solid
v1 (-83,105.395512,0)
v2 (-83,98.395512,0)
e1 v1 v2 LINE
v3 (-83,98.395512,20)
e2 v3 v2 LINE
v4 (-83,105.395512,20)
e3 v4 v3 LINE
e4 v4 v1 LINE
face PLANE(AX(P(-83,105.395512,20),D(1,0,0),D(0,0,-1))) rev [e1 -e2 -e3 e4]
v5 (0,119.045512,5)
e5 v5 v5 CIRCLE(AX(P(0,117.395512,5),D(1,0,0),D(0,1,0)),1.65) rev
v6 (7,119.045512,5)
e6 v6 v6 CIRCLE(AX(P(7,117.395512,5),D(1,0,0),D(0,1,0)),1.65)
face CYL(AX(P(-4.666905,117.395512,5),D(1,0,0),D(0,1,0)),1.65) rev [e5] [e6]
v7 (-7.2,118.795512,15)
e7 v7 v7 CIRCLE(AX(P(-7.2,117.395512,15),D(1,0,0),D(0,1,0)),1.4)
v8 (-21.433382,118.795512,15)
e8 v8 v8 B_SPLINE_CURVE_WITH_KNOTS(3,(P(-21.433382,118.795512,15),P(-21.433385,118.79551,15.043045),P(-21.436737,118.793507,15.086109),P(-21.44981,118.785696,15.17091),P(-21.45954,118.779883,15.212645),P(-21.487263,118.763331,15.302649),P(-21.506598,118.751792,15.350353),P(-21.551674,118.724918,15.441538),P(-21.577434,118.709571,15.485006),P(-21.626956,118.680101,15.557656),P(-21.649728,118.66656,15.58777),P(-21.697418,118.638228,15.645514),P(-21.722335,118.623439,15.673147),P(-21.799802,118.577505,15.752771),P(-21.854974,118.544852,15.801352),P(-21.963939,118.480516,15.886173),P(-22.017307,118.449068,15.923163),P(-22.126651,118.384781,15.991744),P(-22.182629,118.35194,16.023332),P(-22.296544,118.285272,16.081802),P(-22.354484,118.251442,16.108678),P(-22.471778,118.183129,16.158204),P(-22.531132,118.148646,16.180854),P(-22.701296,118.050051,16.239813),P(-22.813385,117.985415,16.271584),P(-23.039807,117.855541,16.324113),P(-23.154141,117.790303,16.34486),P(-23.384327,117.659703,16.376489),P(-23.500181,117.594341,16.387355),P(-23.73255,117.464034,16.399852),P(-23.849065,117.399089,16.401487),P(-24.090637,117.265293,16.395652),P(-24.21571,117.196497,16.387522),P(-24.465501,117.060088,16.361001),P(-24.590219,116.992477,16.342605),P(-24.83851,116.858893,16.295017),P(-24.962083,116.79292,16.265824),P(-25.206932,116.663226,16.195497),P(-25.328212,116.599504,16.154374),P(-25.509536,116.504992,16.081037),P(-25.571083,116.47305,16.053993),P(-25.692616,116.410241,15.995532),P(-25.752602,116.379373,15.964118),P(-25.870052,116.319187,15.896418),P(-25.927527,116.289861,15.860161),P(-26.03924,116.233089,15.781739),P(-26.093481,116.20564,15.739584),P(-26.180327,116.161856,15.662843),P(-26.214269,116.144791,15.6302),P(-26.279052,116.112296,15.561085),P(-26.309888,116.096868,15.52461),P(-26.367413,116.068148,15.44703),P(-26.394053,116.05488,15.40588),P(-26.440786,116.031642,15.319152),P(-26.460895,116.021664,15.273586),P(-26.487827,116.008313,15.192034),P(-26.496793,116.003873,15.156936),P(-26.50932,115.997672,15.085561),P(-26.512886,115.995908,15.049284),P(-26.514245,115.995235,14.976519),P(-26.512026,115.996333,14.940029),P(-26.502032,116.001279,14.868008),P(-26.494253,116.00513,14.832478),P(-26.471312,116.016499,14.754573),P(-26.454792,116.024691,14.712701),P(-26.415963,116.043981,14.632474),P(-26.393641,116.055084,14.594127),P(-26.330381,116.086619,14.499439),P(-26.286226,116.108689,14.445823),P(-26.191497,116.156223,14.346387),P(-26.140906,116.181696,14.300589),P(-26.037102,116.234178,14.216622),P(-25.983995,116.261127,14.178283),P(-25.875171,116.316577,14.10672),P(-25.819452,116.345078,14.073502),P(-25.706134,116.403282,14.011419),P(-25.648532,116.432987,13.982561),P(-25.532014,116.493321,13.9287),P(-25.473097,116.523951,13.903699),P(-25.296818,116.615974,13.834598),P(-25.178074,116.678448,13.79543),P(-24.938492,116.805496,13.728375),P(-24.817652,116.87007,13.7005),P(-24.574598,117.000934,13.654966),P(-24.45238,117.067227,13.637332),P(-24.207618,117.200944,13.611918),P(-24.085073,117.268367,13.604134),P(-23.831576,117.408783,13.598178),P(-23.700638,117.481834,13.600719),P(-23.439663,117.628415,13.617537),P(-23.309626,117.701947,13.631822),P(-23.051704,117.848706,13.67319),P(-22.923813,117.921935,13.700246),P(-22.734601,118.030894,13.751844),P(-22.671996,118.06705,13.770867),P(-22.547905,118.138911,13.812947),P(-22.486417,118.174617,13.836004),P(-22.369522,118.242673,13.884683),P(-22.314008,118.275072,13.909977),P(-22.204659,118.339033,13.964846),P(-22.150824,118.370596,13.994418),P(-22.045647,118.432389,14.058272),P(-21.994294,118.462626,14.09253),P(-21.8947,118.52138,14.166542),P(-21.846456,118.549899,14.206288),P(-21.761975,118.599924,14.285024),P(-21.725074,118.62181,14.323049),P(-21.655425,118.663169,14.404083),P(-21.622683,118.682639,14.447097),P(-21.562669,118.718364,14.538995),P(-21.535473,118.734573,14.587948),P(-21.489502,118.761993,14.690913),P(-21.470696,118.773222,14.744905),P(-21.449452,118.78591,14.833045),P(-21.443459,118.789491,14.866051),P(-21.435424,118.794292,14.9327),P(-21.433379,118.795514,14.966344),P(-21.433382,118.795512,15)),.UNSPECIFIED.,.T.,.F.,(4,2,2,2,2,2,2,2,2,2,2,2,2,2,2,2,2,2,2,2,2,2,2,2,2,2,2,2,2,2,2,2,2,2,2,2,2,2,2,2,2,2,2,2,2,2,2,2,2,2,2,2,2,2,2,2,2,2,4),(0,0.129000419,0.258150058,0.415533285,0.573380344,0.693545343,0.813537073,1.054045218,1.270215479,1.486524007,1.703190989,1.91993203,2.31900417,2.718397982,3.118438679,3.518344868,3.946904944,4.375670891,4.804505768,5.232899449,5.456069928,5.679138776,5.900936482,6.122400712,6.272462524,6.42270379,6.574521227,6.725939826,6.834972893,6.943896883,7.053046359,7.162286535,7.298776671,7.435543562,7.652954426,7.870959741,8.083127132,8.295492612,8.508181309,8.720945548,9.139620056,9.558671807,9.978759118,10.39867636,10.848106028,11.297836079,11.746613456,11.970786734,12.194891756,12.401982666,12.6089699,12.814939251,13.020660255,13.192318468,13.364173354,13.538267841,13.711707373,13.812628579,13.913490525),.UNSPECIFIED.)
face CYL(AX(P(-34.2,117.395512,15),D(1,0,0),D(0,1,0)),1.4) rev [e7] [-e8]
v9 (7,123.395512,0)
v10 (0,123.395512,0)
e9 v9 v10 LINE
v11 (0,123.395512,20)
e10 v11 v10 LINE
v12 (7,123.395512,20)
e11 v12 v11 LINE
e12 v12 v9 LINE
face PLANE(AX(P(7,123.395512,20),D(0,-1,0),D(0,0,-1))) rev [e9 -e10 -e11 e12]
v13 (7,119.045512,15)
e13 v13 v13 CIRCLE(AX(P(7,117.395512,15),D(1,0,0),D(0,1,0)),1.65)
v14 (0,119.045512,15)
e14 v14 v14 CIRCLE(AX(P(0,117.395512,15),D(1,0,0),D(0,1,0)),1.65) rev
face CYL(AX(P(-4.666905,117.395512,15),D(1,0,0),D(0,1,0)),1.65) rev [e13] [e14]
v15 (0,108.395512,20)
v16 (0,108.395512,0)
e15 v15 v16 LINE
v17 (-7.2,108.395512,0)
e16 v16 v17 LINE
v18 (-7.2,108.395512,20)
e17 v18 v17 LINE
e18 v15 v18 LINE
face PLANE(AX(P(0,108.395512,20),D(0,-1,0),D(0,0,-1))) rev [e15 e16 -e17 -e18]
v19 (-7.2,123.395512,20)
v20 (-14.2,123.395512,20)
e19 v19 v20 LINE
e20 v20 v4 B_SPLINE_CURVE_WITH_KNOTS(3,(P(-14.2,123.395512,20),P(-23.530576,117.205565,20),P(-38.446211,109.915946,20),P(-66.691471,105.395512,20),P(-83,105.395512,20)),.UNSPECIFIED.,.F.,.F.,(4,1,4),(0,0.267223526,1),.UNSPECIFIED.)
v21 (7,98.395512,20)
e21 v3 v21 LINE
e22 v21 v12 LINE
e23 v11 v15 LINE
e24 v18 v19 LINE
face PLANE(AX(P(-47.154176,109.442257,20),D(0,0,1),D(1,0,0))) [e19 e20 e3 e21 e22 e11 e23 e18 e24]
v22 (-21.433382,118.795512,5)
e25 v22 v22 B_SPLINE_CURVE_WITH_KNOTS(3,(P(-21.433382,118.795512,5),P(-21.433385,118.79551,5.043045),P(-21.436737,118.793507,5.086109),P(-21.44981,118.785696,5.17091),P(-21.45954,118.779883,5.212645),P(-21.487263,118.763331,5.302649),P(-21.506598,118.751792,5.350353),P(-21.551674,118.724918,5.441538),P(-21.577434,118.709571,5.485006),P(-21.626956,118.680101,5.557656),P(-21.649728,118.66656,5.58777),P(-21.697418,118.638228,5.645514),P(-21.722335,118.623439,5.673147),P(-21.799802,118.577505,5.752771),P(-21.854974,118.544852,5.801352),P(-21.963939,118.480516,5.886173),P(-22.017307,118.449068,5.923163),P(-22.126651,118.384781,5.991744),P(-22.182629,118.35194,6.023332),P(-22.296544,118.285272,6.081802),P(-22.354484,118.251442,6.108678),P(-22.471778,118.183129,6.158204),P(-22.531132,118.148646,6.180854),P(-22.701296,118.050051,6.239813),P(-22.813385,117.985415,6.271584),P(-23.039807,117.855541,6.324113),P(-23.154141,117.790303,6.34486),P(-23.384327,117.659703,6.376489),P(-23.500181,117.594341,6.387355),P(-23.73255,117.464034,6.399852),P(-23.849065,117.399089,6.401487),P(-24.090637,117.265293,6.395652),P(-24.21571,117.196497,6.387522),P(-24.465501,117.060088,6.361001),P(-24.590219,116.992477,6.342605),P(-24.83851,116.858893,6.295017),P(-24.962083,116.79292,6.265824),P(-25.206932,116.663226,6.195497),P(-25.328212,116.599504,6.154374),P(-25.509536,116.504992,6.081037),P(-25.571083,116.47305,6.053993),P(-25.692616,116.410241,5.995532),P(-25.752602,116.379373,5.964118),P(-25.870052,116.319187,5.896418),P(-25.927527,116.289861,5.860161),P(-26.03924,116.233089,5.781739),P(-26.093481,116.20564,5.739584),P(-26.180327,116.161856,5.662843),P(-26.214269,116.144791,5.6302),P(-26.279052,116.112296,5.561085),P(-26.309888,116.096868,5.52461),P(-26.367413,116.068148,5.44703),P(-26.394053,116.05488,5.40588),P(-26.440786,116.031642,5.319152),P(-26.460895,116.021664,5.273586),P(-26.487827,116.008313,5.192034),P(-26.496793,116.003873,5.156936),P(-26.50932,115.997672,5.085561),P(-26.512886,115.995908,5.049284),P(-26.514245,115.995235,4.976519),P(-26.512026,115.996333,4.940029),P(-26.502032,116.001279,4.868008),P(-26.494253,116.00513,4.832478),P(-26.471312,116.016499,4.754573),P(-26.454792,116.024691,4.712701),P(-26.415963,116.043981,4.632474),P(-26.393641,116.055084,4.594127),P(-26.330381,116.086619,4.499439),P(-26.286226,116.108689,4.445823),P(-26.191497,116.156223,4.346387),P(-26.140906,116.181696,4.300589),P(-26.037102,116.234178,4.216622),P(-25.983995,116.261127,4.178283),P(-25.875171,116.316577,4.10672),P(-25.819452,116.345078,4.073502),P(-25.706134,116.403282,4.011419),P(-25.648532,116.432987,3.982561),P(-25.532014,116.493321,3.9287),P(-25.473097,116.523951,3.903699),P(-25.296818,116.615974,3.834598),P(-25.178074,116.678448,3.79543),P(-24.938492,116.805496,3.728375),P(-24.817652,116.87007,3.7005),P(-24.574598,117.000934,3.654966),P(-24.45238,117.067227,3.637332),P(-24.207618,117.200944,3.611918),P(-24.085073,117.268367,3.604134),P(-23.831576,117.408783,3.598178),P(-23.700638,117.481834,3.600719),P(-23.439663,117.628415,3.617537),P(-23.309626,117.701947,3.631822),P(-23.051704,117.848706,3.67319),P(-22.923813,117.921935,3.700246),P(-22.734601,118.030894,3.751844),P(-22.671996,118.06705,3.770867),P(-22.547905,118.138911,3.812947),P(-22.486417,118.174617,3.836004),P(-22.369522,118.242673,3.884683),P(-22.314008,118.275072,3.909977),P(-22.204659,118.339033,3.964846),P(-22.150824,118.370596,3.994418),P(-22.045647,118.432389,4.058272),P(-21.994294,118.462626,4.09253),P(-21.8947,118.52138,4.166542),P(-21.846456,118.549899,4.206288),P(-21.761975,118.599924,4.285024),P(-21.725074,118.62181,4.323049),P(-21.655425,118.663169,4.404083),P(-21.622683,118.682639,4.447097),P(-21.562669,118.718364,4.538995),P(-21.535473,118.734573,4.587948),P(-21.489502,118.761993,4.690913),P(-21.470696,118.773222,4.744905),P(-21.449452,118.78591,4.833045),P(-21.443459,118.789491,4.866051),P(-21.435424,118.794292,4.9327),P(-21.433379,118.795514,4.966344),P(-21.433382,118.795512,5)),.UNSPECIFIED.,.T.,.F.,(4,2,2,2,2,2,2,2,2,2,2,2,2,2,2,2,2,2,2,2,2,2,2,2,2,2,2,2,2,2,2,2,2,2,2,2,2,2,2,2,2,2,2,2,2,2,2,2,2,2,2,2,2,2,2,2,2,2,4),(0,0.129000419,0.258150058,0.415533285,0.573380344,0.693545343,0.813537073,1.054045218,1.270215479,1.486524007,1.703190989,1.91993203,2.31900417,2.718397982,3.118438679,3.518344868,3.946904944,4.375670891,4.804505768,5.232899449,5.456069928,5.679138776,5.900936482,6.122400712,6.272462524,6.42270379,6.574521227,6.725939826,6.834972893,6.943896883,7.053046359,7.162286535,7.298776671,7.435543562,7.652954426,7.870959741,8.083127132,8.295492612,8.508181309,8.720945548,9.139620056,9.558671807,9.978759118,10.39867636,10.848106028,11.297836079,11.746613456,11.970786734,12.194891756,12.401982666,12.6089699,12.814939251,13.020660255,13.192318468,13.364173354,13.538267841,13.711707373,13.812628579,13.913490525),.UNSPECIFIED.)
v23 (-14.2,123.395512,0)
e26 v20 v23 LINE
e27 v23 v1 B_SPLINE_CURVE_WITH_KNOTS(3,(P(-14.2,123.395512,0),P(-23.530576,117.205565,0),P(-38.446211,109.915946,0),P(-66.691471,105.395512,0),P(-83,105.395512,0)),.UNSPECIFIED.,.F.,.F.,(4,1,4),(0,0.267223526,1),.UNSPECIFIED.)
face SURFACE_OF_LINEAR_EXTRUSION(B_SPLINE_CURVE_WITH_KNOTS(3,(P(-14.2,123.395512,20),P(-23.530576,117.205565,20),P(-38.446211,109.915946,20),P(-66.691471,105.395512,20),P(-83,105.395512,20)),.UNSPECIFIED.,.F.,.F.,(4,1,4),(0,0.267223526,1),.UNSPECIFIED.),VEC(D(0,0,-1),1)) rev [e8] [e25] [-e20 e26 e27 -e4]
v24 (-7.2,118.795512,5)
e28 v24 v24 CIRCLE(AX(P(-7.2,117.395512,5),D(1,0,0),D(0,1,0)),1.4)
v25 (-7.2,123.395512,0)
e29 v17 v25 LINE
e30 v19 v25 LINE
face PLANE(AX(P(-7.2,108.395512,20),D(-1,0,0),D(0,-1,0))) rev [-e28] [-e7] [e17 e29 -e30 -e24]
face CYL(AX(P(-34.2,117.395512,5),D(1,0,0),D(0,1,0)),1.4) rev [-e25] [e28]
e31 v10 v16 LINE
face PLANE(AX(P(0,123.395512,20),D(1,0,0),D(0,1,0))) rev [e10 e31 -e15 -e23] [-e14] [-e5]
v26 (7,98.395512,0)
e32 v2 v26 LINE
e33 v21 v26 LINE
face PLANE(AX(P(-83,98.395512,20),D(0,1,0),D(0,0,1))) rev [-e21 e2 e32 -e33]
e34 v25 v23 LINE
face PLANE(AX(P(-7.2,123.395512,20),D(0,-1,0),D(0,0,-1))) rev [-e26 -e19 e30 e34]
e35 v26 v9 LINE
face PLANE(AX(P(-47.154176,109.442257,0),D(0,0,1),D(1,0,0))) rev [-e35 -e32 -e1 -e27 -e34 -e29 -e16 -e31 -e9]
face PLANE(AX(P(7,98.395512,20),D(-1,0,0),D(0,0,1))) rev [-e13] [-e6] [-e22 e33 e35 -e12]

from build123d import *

# Parameters (mm, degrees)
BOSS_EXTRUDE1_DEPTH = 20
SKETCH2_R           = 1.65
CUT_EXTRUDE1_DEPTH  = 7
SKETCH3_R           = 1.4
CUT_EXTRUDE2_DEPTH  = 27


with BuildPart() as part:
    # Sketch1 → Boss-Extrude1 (new body)
    with BuildSketch(Plane.XY):
        with BuildLine():
            Line((0, 123.395512055), (0, 108.395512055))
            Line((0, 108.395512055), (-7.2, 108.395512055))
            Line((-7.2, 108.395512055), (-7.2, 123.395512055))
            Line((-7.2, 123.395512055), (-14.2, 123.395512055))
            add(Edge.make_bspline(
                [(-14.2, 123.395512055), (-23.530576474, 117.205565192), (-38.446210931, 109.915945525), (-66.691471381, 105.395512055), (-83, 105.395512055)],
                knots=[0, 0, 0, 0, 0.267223526, 1, 1, 1, 1], degree=3))
            Line((-83, 105.395512055), (-83, 98.395512055))
            Line((-83, 98.395512055), (7, 98.395512055))
            Line((7, 98.395512055), (7, 123.395512055))
            Line((7, 123.395512055), (0, 123.395512055))
        make_face()
    extrude(amount=BOSS_EXTRUDE1_DEPTH)

    # Sketch2 → Cut-Extrude1 (cut)
    with BuildSketch(Plane(origin=(7, 0, 0), x_dir=(0, 0, -1), z_dir=(1, 0, 0))):
        with Locations((-15, 117.395512055)):
            Circle(SKETCH2_R)
        with Locations((-5, 117.395512055)):
            Circle(SKETCH2_R)
    extrude(amount=-CUT_EXTRUDE1_DEPTH, mode=Mode.SUBTRACT)

    # Sketch3 → Cut-Extrude2 (cut)
    with BuildSketch(Plane(origin=(-7.2, 0, 0), x_dir=(0, 0, -1), z_dir=(1, 0, 0))):
        with Locations((-15, 117.395512055)):
            Circle(SKETCH3_R)
        with Locations((-5, 117.395512055)):
            Circle(SKETCH3_R)
    extrude(amount=-CUT_EXTRUDE2_DEPTH, mode=Mode.SUBTRACT)


solid = part.part
